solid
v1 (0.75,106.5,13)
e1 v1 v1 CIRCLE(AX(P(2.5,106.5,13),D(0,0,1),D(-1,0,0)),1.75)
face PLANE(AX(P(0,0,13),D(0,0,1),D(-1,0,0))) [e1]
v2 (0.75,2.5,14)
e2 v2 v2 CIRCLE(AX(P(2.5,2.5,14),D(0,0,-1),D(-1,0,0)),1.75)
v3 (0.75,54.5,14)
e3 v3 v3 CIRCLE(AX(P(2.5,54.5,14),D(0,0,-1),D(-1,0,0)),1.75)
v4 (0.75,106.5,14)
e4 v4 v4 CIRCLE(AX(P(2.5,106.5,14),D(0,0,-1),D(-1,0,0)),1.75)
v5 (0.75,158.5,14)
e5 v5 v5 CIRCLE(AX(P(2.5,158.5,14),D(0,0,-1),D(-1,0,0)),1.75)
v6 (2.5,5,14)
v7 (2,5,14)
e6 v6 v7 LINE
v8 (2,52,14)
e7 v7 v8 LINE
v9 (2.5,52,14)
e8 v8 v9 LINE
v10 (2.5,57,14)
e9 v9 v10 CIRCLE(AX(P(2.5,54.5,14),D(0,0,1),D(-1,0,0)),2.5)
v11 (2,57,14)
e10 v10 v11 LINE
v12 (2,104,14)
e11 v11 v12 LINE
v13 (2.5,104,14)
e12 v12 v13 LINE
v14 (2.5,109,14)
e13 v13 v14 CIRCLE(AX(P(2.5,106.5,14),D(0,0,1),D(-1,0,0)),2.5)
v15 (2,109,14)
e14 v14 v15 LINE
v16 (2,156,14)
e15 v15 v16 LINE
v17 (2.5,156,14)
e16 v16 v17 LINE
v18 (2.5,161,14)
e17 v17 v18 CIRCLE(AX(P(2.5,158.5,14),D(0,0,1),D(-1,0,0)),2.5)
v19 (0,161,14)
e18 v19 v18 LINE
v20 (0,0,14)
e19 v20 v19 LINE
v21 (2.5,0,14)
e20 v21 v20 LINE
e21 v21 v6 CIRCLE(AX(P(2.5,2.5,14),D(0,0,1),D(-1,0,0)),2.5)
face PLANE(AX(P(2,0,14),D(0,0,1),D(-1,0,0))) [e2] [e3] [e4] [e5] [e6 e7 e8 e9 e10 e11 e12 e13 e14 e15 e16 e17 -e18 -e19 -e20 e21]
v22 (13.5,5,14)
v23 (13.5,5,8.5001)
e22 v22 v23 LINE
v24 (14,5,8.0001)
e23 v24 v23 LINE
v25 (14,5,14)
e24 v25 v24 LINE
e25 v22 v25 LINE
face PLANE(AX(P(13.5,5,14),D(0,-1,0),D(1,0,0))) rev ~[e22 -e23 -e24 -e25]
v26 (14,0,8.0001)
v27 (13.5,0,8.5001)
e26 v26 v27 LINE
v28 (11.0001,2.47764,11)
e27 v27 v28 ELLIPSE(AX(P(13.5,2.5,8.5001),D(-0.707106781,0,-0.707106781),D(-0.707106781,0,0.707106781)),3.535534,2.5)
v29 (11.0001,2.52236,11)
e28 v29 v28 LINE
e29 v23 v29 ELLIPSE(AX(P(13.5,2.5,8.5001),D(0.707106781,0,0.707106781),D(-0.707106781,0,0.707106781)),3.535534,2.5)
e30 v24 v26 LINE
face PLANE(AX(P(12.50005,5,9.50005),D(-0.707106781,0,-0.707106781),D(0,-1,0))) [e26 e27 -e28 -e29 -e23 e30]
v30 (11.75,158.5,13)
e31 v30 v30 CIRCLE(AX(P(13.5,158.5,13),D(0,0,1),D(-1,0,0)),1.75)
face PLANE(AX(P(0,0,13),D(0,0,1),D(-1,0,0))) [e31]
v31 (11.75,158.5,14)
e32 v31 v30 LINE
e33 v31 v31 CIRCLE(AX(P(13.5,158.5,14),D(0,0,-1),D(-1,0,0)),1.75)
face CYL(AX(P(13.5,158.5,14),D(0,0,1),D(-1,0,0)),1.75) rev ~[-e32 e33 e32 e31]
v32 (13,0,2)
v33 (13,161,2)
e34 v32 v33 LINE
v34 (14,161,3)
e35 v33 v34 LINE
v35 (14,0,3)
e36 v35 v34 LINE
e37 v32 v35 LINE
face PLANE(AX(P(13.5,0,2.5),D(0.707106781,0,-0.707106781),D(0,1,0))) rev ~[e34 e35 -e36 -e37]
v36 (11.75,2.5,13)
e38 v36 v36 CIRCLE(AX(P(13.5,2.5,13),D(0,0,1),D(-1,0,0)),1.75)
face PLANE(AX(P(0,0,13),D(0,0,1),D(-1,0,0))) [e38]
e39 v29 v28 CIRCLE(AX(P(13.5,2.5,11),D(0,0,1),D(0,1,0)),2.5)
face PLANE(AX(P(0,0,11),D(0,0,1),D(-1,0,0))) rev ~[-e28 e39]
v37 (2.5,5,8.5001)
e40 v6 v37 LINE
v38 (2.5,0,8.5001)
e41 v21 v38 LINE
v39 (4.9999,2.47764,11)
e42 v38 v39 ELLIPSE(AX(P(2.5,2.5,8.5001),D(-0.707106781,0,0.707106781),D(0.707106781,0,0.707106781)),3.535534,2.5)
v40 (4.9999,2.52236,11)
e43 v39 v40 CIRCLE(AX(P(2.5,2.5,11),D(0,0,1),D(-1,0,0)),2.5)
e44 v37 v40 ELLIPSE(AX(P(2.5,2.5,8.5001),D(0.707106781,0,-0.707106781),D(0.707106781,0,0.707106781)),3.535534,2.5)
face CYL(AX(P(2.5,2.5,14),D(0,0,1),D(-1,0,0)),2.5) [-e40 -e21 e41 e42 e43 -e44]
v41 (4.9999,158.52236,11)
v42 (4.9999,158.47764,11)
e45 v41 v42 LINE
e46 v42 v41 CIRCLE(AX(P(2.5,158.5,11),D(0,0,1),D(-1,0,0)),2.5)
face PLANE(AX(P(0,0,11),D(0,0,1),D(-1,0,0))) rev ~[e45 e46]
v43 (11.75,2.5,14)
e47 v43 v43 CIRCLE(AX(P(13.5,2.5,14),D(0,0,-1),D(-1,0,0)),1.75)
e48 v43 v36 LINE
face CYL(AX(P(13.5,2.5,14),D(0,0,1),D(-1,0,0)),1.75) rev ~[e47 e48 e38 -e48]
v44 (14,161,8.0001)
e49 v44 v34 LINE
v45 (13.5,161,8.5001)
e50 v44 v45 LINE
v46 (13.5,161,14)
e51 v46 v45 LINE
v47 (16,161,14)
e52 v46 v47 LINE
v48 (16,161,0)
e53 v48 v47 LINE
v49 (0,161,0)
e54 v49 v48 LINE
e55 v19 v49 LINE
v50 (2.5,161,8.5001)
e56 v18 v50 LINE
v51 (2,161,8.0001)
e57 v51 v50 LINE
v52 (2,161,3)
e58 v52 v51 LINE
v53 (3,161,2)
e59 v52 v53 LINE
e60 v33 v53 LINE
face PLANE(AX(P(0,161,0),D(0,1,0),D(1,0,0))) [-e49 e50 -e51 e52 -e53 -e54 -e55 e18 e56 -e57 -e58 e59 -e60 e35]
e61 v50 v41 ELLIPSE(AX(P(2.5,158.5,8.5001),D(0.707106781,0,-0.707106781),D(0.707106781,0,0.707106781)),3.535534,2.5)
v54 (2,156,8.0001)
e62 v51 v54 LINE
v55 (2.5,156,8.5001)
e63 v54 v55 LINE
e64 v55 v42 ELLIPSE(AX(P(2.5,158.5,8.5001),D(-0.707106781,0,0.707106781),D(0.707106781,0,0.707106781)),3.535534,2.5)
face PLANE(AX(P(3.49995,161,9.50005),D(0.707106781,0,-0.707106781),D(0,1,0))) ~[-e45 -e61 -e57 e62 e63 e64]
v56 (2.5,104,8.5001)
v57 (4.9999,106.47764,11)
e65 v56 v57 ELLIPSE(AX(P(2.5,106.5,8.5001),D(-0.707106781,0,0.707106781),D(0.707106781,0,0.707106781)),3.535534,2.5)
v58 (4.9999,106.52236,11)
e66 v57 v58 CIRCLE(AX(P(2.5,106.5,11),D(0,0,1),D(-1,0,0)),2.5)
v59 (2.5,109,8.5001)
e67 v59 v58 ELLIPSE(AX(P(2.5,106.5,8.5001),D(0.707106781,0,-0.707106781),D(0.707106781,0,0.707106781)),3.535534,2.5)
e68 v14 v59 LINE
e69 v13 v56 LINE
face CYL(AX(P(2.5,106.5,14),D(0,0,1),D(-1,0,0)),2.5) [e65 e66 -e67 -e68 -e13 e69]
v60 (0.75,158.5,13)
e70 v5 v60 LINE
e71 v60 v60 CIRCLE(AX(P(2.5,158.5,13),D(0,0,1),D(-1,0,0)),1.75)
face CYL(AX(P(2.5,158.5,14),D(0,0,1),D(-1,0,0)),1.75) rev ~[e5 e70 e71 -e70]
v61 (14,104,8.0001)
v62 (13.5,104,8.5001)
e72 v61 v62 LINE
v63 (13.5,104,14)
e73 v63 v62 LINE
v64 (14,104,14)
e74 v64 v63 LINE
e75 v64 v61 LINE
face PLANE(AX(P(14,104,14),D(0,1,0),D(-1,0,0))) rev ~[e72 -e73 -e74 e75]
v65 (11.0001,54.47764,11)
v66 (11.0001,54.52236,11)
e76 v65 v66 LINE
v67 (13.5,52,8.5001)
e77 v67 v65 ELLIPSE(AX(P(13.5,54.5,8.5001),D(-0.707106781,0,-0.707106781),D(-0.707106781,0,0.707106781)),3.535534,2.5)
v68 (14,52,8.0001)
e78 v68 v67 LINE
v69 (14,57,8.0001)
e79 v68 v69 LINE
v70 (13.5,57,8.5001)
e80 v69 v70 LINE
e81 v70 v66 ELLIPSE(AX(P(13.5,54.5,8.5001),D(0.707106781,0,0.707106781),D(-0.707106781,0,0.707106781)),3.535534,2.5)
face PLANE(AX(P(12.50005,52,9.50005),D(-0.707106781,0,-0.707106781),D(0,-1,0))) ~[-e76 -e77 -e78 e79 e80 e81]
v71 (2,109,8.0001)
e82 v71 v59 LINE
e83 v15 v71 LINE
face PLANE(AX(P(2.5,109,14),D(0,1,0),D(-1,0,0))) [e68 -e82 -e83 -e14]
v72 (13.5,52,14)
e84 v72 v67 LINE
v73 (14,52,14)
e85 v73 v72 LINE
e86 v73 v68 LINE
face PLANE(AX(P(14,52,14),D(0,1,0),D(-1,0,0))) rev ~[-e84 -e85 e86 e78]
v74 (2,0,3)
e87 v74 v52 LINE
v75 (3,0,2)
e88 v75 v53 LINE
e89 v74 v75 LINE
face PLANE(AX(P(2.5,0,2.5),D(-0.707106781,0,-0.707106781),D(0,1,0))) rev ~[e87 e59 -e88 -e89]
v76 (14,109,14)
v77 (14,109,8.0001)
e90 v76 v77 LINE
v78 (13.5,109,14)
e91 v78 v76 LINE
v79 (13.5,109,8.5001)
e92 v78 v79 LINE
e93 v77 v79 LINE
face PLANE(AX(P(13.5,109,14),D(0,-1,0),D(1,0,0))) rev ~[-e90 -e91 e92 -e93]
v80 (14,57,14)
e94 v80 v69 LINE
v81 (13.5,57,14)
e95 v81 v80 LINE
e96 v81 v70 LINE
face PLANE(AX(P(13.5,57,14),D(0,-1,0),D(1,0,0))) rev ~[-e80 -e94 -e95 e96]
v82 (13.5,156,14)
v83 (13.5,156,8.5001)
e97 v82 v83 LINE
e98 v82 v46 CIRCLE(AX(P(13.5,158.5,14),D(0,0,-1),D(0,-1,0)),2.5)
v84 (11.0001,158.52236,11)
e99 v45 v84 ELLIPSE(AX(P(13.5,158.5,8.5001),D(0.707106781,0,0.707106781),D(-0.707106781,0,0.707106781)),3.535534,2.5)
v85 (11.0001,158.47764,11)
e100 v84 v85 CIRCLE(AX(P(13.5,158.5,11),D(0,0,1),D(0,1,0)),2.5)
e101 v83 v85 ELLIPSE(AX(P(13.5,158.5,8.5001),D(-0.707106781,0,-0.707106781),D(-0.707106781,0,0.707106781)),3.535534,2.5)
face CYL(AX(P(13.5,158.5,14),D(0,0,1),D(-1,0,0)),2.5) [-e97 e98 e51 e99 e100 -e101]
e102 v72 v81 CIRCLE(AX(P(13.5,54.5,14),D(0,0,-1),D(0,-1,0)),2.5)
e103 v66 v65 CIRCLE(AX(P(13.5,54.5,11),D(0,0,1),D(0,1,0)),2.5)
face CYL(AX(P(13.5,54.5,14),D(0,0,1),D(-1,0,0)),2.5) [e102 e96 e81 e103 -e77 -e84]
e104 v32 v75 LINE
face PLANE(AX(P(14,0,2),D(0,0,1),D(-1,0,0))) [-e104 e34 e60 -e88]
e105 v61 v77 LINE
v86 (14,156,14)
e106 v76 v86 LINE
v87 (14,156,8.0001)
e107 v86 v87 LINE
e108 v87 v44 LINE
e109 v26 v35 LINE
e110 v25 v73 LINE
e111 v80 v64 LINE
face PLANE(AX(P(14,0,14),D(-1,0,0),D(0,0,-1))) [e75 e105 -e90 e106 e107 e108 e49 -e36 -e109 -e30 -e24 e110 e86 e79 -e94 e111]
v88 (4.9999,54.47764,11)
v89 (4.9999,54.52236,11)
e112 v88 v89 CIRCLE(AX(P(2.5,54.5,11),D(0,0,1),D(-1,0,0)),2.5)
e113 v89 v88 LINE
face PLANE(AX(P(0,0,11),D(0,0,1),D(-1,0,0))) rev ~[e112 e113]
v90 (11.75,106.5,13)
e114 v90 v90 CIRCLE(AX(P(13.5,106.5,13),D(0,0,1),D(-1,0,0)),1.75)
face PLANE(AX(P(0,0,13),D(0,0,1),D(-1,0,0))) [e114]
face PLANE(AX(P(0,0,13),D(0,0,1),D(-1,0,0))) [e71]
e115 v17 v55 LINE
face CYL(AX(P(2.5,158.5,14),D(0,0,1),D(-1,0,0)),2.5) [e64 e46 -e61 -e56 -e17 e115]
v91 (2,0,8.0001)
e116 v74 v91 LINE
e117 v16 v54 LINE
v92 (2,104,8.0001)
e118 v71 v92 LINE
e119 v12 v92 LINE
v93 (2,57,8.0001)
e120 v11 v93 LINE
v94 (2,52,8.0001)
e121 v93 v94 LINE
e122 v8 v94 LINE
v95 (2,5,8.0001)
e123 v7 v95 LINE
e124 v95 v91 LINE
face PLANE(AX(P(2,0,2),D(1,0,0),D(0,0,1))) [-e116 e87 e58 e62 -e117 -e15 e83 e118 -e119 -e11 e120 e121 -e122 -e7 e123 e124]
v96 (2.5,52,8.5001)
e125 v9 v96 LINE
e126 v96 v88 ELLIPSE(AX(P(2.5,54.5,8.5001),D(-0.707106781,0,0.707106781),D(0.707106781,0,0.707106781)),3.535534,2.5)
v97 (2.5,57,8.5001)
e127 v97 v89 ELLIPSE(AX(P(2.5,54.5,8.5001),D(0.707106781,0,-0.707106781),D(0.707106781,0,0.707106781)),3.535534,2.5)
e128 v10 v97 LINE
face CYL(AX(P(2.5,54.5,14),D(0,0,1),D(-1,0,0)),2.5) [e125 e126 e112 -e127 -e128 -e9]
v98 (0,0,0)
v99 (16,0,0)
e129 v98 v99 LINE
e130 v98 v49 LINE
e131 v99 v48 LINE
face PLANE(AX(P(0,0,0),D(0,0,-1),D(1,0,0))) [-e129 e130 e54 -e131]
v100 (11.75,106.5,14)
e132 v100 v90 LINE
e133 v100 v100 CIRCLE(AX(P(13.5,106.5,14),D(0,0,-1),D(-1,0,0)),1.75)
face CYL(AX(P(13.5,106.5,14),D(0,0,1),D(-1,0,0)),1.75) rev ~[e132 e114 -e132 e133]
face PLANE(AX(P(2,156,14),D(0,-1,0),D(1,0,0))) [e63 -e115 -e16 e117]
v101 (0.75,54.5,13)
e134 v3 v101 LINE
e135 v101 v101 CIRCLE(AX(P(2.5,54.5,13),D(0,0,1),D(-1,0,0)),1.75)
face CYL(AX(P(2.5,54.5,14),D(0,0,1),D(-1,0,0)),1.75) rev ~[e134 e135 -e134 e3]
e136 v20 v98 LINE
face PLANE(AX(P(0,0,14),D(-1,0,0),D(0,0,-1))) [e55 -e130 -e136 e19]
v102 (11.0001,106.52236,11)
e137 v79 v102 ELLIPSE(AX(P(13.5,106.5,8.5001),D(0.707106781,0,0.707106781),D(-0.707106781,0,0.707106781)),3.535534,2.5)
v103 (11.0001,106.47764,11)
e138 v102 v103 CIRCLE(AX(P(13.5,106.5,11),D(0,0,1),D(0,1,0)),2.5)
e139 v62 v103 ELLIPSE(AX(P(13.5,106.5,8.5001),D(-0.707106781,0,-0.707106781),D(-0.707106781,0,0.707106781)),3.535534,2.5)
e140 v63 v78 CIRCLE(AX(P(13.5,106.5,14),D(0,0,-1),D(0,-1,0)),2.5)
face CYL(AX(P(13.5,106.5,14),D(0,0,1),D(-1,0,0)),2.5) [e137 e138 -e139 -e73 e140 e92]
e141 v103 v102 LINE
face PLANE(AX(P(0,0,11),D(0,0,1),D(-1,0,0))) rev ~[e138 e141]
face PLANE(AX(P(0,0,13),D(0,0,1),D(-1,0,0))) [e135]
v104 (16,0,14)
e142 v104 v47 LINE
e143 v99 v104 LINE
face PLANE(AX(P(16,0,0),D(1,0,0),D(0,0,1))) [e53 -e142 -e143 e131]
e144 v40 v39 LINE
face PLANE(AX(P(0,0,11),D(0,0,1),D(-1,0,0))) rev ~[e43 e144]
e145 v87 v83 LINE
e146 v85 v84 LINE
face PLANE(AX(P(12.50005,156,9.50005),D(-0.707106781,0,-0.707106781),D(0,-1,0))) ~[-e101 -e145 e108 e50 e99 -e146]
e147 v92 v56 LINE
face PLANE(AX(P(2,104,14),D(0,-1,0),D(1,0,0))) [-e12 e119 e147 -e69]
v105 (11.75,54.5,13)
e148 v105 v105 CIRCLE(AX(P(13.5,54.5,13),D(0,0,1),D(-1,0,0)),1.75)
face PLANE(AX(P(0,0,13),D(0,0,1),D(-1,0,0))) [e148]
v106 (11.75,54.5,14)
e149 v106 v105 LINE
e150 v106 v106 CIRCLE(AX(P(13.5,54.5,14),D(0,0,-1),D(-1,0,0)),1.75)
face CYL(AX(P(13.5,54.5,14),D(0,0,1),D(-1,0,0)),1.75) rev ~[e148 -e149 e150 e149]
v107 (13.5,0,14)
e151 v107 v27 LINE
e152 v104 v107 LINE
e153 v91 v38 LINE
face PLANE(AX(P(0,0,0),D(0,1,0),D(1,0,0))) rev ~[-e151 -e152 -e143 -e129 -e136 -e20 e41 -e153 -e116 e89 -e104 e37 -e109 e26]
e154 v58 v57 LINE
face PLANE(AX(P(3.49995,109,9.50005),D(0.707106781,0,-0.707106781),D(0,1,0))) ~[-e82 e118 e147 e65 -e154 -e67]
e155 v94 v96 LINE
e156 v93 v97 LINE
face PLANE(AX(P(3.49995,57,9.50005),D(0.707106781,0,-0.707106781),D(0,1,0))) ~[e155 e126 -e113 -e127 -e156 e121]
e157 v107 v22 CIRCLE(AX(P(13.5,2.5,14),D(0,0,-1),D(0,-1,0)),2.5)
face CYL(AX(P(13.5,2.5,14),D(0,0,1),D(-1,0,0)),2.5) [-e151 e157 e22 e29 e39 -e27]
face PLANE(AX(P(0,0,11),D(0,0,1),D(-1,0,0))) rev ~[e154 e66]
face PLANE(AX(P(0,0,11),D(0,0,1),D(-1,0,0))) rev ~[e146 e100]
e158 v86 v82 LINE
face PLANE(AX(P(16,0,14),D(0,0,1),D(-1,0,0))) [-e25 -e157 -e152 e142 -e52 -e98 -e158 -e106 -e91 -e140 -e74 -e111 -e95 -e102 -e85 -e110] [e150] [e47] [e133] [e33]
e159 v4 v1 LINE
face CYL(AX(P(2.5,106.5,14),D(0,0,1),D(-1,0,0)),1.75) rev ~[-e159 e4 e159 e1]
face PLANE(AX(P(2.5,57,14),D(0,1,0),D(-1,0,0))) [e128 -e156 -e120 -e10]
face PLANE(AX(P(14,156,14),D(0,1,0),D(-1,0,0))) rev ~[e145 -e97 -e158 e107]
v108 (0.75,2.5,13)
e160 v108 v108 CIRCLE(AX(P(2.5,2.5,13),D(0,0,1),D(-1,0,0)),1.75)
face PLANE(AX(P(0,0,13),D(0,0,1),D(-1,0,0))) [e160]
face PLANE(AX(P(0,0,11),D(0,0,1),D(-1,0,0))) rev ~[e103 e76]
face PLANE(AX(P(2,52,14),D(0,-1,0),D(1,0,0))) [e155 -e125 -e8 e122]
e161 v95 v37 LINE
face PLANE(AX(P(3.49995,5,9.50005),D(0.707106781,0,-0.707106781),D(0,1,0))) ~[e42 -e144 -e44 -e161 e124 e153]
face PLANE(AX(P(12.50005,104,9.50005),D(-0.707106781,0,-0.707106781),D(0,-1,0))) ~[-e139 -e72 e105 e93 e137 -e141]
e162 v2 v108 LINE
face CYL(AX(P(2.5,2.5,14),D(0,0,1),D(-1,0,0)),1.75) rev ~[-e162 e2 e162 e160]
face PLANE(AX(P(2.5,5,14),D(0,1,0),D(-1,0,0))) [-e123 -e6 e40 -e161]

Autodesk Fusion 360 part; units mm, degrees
sketch "3D-printed conduit outline" plane through (0, 0, 0) normal (0, 1, 0) x (1, 0, 0)
  line L0 (0, 0) -> (16, 0)
  line L1 (16, 0) -> (16, -14)
  line L2 (16, -14) -> (0, -14)
  line L3 (0, -14) -> (0, 0)
  line L4 (2, -14) -> (14, -14)
  line L5 (14, -14) -> (14, -2)
  line L6 (14, -2) -> (2, -2)
  line L7 (2, -2) -> (2, -14)
  dimension "d8" = 14
  dimension "d9" = 16
  dimension "d10" = 2
  dimension "d11" = 2
  dimension "d12" = 2
extrude "Extrude1" add sketch "3D-printed conduit outline" along normal blind 161 contours L0 L1 L2 L3 L5 L6 L7
sketch "Magnet holders" plane through (0, 0, 14) normal (0, 0, 1) x (-1, 0, 0)
  line L0 (0, 0) -> (-2, 0)
  line L1 (-2, 0) -> (-2, -161)
  line L2 (-2, -161) -> (0, -161)
  line L3 (0, -161) -> (0, 0)
  line L4 (-14, 0) -> (-16, 0)
  line L5 (-16, 0) -> (-16, -161)
  line L6 (-16, -161) -> (-14, -161)
  line L7 (-14, -161) -> (-14, 0)
  circle A0 centre (-2.5, -2.5) radius 2.5
  circle A1 centre (-2.5, -2.5) radius 1.75
  line L8 (-14, 0) -> (-2, 0)
  line L9 (0, 0) -> (-2.5, 0)
  line L10 (-2.5, 0) -> (-2.5, -5)
  line L11 (-2.5, -5) -> (0, -5)
  line L12 (0, -5) -> (0, 0)
  circle A2 centre (-13.5, -2.5) radius 2.5
  circle A3 centre (-13.5, -2.5) radius 1.75
  line L13 (-16, 0) -> (-13.5, 0)
  line L14 (-13.5, 0) -> (-13.5, -5)
  line L15 (-13.5, -5) -> (-16, -5)
  line L16 (-16, -5) -> (-16, 0)
  circle A4 centre (-2.5, -54.5) radius 1.75
  circle A5 centre (-2.5, -54.5) radius 2.5
  line L17 (-2.5, -52) -> (-2.5, -57)
  line L18 (-2.5, -57) -> (0, -57)
  line L19 (0, -57) -> (0, -52)
  line L20 (0, -52) -> (-2.5, -52)
  circle A6 centre (-13.5, -54.5) radius 1.75
  circle A7 centre (-13.5, -54.5) radius 2.5
  line L21 (-13.5, -52) -> (-13.5, -57)
  line L22 (-13.5, -57) -> (-16, -57)
  line L23 (-16, -57) -> (-16, -52)
  line L24 (-16, -52) -> (-13.5, -52)
  circle A8 centre (-2.5, -106.5) radius 1.75
  circle A9 centre (-2.5, -106.5) radius 2.5
  line L25 (-2.5, -104) -> (-2.5, -109)
  line L26 (-2.5, -109) -> (0, -109)
  line L27 (0, -109) -> (0, -104)
  line L28 (0, -104) -> (-2.5, -104)
  circle A10 centre (-13.5, -106.5) radius 1.75
  circle A11 centre (-13.5, -106.5) radius 2.5
  line L29 (-13.5, -104) -> (-13.5, -109)
  line L30 (-13.5, -109) -> (-16, -109)
  line L31 (-16, -109) -> (-16, -104)
  line L32 (-16, -104) -> (-13.5, -104)
  circle A12 centre (-2.5, -158.5) radius 1.75
  circle A13 centre (-2.5, -158.5) radius 2.5
  line L33 (-2.5, -156) -> (-2.5, -161)
  line L34 (-2.5, -161) -> (0, -161)
  line L35 (0, -161) -> (0, -156)
  line L36 (0, -156) -> (-2.5, -156)
  circle A14 centre (-13.5, -158.5) radius 1.75
  circle A15 centre (-13.5, -158.5) radius 2.5
  line L37 (-13.5, -156) -> (-13.5, -161)
  line L38 (-13.5, -161) -> (-16, -161)
  line L39 (-16, -161) -> (-16, -156)
  line L40 (-16, -156) -> (-13.5, -156)
  dimension "d15" = 5
  dimension "d16" = 3.5
  dimension "d17" = 5
  dimension "d18" = 3.5
  dimension "d21" = 0
  dimension "d22" = -156
extrude "Extrude2" add sketch "Magnet holders" against normal blind 3 contours A2 A3 L14 | L7 A2 A3 L14 | L7 L8 A2 L13 | L1 A0 L8 L9 | L1 A0 A1 L10 | A0 A1 L10 | L1 A0 A1 L10 | L1 A0 L11 | L1 A1 L10 | A1 L10 | L7 A3 L14 | A3 L14 | L1 A5 L20 | L7 A2 L15 | L7 A2 A3 L14 | L1 A4 A5 L17 | L1 A4 A5 L17 | L1 A5 L18 | A4 A5 L17 | L1 A4 L17 | A4 L17 | L7 A7 L24 | L1 A9 L28 | L7 A6 A7 L21 | A6 A7 L21 | L1 A8 A9 L25 | L1 A8 A9 L25 | L1 A9 L26 | A8 A9 L25 | L7 A6 L21 | A6 L21 | L7 A7 L22 | L7 A6 A7 L21 | L1 A8 L25 | A8 L25 | L1 A13 L36 | L7 A11 L32 | L1 A12 A13 L33 | L1 A12 A13 L33 | L1 A13 L34 | A12 A13 L33 | L7 A10 A11 L29 | L7 A11 L30 | L7 A10 A11 L29 | A10 A11 L29 | L1 A12 L33 | A12 L33 | L7 A10 L29 | A10 L29 | L7 A15 L40 | L7 A14 A15 L37 | L7 A15 L38 | L7 A14 A15 L37 | A14 A15 L37 | L7 A14 L37 | A14 L37
extrude "Extrude3" cut sketch "Magnet holders" against normal blind 1 contours L1 A1 | L1 A1 L10 | A1 L10 | L7 A3 L14 | A3 L14 | L7 A3 | L1 A4 | L1 A4 L17 | A4 L17 | L7 A6 L21 | L7 A6 | A6 L21 | L1 A8 | L1 A8 L25 | A8 L25 | L1 A12 | L1 A12 L33 | A12 L33 | L7 A10 L29 | L7 A10 | A10 L29 | L7 A14 L37 | L7 A14 | A14 L37
chamfer "Chamfer1" distance 1 angle 45 2 edges at (2, 80.5, 2) (14, 80.5, 2)
chamfer "Chamfer2" distance 2.9999 angle 45 8 edges at (2, 2.5, 11) (2, 54.5, 11) (2, 106.5, 11) (2, 158.5, 11) (14, 2.5, 11) (14, 54.5, 11) (14, 106.5, 11) (14, 158.5, 11)
equation "conduit_length = 161 mm"
equation "conduit_width = 16 mm"
equation "conduit_height = 16 mm"
equation "conduit_wall_thickness = 2 mm"
equation "magnet_diameter = 3 mm"
equation "magnet_height = 1 mm"
equation "d8 = conduit_height - conduit_wall_thickness"
equation "d9 = conduit_width"
equation "d10 = conduit_wall_thickness"
equation "d11 = conduit_wall_thickness"
equation "d12 = conduit_wall_thickness"
equation "d13 = conduit_length"
equation "d15 = magnet_diameter + 2 mm"
equation "d16 = magnet_diameter + 0.5 mm"
equation "d17 = magnet_diameter + 2 mm"
equation "d18 = magnet_diameter + 0.5 mm"
equation "d22 = -conduit_length + ( magnet_diameter + 2 mm )"
equation "d23 = -( magnet_height + 2 mm )"
